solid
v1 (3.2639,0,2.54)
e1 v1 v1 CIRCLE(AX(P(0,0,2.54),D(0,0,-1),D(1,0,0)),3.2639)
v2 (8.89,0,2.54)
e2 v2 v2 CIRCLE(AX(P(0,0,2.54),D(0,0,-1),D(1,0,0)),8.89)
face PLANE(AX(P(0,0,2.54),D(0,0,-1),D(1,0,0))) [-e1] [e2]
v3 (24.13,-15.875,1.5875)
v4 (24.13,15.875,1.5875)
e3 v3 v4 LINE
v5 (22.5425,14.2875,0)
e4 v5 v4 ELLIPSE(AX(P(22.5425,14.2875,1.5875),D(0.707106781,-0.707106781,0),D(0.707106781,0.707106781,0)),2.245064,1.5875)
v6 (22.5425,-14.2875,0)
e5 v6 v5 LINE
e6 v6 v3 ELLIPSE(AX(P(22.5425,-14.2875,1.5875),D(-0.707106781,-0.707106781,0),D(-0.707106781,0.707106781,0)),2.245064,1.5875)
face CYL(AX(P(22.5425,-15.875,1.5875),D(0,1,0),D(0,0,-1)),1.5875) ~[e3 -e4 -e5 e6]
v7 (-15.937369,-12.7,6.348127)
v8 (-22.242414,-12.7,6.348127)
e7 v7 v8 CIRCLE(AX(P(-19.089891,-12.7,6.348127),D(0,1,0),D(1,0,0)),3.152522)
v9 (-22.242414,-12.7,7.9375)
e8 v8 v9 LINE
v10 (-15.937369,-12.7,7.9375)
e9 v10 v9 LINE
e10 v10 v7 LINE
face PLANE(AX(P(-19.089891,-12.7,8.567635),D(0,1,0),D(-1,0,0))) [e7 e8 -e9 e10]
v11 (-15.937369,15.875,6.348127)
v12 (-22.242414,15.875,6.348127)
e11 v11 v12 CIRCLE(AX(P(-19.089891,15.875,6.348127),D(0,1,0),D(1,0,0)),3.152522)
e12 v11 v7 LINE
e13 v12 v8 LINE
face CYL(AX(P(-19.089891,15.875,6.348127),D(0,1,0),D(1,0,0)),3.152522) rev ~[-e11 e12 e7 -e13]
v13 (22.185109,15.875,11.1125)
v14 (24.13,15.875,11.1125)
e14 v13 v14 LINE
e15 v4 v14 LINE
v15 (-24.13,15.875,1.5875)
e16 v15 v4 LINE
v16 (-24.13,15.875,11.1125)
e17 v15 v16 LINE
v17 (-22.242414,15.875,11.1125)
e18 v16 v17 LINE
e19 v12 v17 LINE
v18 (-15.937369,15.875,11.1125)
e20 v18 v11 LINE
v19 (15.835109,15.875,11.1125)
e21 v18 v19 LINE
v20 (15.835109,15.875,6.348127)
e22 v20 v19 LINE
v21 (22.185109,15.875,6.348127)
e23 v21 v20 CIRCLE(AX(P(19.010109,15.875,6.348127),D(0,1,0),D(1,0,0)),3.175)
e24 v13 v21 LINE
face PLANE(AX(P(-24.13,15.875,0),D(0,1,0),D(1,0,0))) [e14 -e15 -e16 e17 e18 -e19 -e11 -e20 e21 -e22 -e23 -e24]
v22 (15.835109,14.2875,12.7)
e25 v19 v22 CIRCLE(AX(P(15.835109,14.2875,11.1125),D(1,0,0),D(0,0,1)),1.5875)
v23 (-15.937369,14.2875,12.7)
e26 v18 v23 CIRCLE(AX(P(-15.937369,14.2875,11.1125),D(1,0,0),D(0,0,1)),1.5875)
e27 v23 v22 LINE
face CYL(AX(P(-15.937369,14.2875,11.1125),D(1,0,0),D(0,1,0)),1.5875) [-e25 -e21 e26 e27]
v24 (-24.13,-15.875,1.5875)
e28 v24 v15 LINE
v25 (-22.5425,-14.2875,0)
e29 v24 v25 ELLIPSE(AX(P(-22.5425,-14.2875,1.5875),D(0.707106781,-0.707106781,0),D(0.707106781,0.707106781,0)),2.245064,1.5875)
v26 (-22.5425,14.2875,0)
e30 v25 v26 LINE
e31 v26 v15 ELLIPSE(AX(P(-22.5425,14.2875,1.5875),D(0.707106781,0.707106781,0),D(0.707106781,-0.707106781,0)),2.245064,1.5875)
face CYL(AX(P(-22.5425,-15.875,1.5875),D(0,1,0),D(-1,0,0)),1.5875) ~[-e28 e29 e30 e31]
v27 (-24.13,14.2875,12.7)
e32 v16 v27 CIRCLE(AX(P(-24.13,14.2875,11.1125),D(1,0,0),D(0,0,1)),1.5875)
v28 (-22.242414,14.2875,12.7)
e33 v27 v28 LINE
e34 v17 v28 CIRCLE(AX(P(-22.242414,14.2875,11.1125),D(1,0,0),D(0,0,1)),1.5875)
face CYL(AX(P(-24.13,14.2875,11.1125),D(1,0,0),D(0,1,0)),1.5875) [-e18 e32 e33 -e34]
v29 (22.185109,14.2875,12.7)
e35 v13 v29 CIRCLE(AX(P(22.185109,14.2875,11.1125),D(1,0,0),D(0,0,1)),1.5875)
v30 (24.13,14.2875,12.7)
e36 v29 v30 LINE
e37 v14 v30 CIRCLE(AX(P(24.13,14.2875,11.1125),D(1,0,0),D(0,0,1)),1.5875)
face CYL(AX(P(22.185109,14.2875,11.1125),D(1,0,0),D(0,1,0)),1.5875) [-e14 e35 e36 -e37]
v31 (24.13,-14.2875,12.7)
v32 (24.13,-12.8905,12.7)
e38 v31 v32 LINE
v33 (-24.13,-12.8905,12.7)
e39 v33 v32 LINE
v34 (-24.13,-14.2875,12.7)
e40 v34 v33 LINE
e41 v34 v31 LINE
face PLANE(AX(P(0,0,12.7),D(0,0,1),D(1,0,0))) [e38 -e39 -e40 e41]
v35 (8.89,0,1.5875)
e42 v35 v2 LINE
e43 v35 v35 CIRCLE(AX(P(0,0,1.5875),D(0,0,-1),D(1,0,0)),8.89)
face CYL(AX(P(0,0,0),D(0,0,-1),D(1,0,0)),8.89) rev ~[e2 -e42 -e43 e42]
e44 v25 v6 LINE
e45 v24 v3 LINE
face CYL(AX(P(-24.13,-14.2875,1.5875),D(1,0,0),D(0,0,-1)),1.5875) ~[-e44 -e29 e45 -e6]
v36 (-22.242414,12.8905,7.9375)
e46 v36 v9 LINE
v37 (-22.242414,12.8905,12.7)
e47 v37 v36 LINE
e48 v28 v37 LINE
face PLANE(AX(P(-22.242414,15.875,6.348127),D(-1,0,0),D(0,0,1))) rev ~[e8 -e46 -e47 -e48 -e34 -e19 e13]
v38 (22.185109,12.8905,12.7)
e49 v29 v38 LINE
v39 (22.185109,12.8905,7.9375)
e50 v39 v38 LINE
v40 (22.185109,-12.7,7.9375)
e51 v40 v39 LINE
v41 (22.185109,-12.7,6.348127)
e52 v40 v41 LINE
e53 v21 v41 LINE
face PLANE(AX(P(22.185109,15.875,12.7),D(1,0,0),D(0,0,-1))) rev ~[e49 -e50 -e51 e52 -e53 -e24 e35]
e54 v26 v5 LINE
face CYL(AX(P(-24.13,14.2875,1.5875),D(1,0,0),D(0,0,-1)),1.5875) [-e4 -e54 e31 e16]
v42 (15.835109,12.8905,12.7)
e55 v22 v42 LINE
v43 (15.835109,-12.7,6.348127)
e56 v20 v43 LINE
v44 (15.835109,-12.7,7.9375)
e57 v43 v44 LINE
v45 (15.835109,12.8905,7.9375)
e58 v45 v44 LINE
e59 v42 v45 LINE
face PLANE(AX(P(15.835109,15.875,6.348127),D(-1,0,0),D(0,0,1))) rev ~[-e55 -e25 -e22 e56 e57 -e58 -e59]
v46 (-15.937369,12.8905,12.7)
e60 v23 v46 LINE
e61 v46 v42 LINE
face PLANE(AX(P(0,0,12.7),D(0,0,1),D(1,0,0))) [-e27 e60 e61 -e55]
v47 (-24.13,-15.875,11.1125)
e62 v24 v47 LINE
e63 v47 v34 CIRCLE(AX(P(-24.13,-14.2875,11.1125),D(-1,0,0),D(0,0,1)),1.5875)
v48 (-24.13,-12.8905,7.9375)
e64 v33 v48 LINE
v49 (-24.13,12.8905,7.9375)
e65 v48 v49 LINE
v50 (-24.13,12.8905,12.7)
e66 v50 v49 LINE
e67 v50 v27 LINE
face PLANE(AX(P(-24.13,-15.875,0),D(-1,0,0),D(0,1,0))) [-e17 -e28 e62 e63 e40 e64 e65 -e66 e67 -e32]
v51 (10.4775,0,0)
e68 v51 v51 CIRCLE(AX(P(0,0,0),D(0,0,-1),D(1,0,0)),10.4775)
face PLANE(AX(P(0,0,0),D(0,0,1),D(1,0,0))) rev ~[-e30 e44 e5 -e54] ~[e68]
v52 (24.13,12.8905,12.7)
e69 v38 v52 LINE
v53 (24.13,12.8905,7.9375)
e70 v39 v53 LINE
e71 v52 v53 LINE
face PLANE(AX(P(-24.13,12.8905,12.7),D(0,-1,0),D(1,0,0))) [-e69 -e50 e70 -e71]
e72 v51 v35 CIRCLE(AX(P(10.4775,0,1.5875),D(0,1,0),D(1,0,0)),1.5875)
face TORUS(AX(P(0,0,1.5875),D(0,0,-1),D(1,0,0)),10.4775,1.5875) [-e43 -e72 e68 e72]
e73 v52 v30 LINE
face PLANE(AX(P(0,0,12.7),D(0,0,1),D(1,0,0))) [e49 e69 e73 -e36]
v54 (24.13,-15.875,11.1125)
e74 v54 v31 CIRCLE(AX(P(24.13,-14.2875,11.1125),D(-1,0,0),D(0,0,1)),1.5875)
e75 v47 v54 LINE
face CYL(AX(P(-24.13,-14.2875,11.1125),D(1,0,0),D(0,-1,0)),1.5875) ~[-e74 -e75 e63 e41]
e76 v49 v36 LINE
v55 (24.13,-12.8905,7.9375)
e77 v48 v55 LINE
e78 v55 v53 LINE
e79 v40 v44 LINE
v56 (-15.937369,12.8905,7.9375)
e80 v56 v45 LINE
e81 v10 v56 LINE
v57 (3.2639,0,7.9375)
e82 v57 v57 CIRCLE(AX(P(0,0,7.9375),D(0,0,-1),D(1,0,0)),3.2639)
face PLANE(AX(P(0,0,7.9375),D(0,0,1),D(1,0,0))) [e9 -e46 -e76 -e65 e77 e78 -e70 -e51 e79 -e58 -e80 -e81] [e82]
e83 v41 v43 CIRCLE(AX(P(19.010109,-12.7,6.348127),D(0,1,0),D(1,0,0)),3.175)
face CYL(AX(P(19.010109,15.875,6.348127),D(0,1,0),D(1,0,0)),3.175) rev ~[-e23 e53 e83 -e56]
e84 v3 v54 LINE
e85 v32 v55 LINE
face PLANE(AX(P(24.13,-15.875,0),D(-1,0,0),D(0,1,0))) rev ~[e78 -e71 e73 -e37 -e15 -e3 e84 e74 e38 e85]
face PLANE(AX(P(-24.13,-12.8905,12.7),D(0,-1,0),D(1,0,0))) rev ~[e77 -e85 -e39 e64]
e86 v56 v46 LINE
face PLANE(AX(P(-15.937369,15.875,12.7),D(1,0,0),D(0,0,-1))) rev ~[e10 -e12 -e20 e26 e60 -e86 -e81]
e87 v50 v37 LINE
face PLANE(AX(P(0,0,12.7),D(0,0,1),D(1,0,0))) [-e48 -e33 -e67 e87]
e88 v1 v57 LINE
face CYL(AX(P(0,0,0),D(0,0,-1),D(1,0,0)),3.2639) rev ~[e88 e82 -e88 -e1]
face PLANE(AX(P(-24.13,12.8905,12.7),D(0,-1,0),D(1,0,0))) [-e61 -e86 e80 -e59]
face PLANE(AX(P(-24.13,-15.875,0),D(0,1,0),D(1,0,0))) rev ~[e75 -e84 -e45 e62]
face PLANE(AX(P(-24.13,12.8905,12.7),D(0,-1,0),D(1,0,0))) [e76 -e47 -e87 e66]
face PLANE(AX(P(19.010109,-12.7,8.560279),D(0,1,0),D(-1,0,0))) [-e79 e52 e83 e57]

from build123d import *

# Parameters (mm, degrees)
F0_W     = 48.26
F0_H     = 31.75
F1_DEPTH = 12.7
F2_W     = 48.26
F2_H     = 25.781
F3_DEPTH = 4.7625
F5_DEPTH = 28.575
F6_R     = 3.2639
F7_DEPTH = 7.9375
F6_R_2   = 8.89
F8_DEPTH = 2.54
F9_R     = 1.5875
F10_R    = 1.5875
F11_R    = 1.5875
F12_R    = 1.5875


with BuildPart() as f1:
    # F0 (on Top) → F1 (new body)
    with BuildSketch(Plane.XY):
        Rectangle(F0_W, F0_H)
    extrude(amount=F1_DEPTH)

    # F2 (on face) → F3 (cut)
    with BuildSketch(Plane.XY.offset(12.7)):
        Rectangle(F2_W, F2_H)
    extrude(amount=-F3_DEPTH, mode=Mode.SUBTRACT)

    # F4 (on face) → F5 (cut)
    with BuildSketch(Plane(origin=(0, 15.875, 0), x_dir=(-1, 0, 0), z_dir=(0, 1, 0))):
        with BuildLine():
            Line((-22.1851086635, 12.7), (-22.1851086635, 6.3481266276))
            ThreePointArc((-22.1851086635, 6.3481266276), (-19.0101086706, 3.1731266347), (-15.8351086777, 6.3481266276))
            Line((-15.8351086777, 6.3481266276), (-15.8351086777, 12.7))
            Line((-15.8351086777, 12.7), (-22.1851086635, 12.7))
        make_face()
        with BuildLine():
            Line((22.2424135567, 12.7), (15.9373691021, 12.7))
            Line((15.9373691021, 12.7), (15.9373691021, 6.3481266276))
            ThreePointArc((15.9373691021, 6.3481266276), (19.0898913294, 3.1956044003), (22.2424135567, 6.3481266276))
            Line((22.2424135567, 6.3481266276), (22.2424135567, 12.7))
        make_face()
    extrude(amount=-F5_DEPTH, mode=Mode.SUBTRACT)

    # F6 (on face) → F7 (cut, through all)
    with BuildSketch(Plane(origin=(0, 0, 0), x_dir=(1, 0, 0), z_dir=(0, 0, -1))):
        Circle(F6_R)
    extrude(amount=-F7_DEPTH, mode=Mode.SUBTRACT)

    # F6 (on face) → F8 (cut)
    with BuildSketch(Plane(origin=(0, 0, 0), x_dir=(1, 0, 0), z_dir=(0, 0, -1))):
        Circle(F6_R_2)
        Circle(F6_R, mode=Mode.SUBTRACT)
    extrude(amount=-F8_DEPTH, mode=Mode.SUBTRACT)

    # F9
    f9_edges = [f1.edges().sort_by_distance(p)[0] for p in [
        (24.13, 0, 0),
        (0, 15.875, 0),
        (-24.13, 0, 0),
        (0, -15.875, 0),
        (-8.89, 0, 0),
    ]]
    fillet(f9_edges, radius=F9_R)

    # F10
    f10_edges = [f1.edges().sort_by_distance(p)[0] for p in [
        (-0.05113, 15.875, 12.7),
        (0, -15.875, 12.7),
    ]]
    fillet(f10_edges, radius=F10_R)

    # F11
    f11_edges = [f1.edges().sort_by_distance(p)[0] for p in [
        (-23.186207, 15.875, 12.7),
    ]]
    fillet(f11_edges, radius=F11_R)

    # F12
    f12_edges = [f1.edges().sort_by_distance(p)[0] for p in [
        (23.157554, 15.875, 12.7),
    ]]
    fillet(f12_edges, radius=F12_R)


solid = f1.part
